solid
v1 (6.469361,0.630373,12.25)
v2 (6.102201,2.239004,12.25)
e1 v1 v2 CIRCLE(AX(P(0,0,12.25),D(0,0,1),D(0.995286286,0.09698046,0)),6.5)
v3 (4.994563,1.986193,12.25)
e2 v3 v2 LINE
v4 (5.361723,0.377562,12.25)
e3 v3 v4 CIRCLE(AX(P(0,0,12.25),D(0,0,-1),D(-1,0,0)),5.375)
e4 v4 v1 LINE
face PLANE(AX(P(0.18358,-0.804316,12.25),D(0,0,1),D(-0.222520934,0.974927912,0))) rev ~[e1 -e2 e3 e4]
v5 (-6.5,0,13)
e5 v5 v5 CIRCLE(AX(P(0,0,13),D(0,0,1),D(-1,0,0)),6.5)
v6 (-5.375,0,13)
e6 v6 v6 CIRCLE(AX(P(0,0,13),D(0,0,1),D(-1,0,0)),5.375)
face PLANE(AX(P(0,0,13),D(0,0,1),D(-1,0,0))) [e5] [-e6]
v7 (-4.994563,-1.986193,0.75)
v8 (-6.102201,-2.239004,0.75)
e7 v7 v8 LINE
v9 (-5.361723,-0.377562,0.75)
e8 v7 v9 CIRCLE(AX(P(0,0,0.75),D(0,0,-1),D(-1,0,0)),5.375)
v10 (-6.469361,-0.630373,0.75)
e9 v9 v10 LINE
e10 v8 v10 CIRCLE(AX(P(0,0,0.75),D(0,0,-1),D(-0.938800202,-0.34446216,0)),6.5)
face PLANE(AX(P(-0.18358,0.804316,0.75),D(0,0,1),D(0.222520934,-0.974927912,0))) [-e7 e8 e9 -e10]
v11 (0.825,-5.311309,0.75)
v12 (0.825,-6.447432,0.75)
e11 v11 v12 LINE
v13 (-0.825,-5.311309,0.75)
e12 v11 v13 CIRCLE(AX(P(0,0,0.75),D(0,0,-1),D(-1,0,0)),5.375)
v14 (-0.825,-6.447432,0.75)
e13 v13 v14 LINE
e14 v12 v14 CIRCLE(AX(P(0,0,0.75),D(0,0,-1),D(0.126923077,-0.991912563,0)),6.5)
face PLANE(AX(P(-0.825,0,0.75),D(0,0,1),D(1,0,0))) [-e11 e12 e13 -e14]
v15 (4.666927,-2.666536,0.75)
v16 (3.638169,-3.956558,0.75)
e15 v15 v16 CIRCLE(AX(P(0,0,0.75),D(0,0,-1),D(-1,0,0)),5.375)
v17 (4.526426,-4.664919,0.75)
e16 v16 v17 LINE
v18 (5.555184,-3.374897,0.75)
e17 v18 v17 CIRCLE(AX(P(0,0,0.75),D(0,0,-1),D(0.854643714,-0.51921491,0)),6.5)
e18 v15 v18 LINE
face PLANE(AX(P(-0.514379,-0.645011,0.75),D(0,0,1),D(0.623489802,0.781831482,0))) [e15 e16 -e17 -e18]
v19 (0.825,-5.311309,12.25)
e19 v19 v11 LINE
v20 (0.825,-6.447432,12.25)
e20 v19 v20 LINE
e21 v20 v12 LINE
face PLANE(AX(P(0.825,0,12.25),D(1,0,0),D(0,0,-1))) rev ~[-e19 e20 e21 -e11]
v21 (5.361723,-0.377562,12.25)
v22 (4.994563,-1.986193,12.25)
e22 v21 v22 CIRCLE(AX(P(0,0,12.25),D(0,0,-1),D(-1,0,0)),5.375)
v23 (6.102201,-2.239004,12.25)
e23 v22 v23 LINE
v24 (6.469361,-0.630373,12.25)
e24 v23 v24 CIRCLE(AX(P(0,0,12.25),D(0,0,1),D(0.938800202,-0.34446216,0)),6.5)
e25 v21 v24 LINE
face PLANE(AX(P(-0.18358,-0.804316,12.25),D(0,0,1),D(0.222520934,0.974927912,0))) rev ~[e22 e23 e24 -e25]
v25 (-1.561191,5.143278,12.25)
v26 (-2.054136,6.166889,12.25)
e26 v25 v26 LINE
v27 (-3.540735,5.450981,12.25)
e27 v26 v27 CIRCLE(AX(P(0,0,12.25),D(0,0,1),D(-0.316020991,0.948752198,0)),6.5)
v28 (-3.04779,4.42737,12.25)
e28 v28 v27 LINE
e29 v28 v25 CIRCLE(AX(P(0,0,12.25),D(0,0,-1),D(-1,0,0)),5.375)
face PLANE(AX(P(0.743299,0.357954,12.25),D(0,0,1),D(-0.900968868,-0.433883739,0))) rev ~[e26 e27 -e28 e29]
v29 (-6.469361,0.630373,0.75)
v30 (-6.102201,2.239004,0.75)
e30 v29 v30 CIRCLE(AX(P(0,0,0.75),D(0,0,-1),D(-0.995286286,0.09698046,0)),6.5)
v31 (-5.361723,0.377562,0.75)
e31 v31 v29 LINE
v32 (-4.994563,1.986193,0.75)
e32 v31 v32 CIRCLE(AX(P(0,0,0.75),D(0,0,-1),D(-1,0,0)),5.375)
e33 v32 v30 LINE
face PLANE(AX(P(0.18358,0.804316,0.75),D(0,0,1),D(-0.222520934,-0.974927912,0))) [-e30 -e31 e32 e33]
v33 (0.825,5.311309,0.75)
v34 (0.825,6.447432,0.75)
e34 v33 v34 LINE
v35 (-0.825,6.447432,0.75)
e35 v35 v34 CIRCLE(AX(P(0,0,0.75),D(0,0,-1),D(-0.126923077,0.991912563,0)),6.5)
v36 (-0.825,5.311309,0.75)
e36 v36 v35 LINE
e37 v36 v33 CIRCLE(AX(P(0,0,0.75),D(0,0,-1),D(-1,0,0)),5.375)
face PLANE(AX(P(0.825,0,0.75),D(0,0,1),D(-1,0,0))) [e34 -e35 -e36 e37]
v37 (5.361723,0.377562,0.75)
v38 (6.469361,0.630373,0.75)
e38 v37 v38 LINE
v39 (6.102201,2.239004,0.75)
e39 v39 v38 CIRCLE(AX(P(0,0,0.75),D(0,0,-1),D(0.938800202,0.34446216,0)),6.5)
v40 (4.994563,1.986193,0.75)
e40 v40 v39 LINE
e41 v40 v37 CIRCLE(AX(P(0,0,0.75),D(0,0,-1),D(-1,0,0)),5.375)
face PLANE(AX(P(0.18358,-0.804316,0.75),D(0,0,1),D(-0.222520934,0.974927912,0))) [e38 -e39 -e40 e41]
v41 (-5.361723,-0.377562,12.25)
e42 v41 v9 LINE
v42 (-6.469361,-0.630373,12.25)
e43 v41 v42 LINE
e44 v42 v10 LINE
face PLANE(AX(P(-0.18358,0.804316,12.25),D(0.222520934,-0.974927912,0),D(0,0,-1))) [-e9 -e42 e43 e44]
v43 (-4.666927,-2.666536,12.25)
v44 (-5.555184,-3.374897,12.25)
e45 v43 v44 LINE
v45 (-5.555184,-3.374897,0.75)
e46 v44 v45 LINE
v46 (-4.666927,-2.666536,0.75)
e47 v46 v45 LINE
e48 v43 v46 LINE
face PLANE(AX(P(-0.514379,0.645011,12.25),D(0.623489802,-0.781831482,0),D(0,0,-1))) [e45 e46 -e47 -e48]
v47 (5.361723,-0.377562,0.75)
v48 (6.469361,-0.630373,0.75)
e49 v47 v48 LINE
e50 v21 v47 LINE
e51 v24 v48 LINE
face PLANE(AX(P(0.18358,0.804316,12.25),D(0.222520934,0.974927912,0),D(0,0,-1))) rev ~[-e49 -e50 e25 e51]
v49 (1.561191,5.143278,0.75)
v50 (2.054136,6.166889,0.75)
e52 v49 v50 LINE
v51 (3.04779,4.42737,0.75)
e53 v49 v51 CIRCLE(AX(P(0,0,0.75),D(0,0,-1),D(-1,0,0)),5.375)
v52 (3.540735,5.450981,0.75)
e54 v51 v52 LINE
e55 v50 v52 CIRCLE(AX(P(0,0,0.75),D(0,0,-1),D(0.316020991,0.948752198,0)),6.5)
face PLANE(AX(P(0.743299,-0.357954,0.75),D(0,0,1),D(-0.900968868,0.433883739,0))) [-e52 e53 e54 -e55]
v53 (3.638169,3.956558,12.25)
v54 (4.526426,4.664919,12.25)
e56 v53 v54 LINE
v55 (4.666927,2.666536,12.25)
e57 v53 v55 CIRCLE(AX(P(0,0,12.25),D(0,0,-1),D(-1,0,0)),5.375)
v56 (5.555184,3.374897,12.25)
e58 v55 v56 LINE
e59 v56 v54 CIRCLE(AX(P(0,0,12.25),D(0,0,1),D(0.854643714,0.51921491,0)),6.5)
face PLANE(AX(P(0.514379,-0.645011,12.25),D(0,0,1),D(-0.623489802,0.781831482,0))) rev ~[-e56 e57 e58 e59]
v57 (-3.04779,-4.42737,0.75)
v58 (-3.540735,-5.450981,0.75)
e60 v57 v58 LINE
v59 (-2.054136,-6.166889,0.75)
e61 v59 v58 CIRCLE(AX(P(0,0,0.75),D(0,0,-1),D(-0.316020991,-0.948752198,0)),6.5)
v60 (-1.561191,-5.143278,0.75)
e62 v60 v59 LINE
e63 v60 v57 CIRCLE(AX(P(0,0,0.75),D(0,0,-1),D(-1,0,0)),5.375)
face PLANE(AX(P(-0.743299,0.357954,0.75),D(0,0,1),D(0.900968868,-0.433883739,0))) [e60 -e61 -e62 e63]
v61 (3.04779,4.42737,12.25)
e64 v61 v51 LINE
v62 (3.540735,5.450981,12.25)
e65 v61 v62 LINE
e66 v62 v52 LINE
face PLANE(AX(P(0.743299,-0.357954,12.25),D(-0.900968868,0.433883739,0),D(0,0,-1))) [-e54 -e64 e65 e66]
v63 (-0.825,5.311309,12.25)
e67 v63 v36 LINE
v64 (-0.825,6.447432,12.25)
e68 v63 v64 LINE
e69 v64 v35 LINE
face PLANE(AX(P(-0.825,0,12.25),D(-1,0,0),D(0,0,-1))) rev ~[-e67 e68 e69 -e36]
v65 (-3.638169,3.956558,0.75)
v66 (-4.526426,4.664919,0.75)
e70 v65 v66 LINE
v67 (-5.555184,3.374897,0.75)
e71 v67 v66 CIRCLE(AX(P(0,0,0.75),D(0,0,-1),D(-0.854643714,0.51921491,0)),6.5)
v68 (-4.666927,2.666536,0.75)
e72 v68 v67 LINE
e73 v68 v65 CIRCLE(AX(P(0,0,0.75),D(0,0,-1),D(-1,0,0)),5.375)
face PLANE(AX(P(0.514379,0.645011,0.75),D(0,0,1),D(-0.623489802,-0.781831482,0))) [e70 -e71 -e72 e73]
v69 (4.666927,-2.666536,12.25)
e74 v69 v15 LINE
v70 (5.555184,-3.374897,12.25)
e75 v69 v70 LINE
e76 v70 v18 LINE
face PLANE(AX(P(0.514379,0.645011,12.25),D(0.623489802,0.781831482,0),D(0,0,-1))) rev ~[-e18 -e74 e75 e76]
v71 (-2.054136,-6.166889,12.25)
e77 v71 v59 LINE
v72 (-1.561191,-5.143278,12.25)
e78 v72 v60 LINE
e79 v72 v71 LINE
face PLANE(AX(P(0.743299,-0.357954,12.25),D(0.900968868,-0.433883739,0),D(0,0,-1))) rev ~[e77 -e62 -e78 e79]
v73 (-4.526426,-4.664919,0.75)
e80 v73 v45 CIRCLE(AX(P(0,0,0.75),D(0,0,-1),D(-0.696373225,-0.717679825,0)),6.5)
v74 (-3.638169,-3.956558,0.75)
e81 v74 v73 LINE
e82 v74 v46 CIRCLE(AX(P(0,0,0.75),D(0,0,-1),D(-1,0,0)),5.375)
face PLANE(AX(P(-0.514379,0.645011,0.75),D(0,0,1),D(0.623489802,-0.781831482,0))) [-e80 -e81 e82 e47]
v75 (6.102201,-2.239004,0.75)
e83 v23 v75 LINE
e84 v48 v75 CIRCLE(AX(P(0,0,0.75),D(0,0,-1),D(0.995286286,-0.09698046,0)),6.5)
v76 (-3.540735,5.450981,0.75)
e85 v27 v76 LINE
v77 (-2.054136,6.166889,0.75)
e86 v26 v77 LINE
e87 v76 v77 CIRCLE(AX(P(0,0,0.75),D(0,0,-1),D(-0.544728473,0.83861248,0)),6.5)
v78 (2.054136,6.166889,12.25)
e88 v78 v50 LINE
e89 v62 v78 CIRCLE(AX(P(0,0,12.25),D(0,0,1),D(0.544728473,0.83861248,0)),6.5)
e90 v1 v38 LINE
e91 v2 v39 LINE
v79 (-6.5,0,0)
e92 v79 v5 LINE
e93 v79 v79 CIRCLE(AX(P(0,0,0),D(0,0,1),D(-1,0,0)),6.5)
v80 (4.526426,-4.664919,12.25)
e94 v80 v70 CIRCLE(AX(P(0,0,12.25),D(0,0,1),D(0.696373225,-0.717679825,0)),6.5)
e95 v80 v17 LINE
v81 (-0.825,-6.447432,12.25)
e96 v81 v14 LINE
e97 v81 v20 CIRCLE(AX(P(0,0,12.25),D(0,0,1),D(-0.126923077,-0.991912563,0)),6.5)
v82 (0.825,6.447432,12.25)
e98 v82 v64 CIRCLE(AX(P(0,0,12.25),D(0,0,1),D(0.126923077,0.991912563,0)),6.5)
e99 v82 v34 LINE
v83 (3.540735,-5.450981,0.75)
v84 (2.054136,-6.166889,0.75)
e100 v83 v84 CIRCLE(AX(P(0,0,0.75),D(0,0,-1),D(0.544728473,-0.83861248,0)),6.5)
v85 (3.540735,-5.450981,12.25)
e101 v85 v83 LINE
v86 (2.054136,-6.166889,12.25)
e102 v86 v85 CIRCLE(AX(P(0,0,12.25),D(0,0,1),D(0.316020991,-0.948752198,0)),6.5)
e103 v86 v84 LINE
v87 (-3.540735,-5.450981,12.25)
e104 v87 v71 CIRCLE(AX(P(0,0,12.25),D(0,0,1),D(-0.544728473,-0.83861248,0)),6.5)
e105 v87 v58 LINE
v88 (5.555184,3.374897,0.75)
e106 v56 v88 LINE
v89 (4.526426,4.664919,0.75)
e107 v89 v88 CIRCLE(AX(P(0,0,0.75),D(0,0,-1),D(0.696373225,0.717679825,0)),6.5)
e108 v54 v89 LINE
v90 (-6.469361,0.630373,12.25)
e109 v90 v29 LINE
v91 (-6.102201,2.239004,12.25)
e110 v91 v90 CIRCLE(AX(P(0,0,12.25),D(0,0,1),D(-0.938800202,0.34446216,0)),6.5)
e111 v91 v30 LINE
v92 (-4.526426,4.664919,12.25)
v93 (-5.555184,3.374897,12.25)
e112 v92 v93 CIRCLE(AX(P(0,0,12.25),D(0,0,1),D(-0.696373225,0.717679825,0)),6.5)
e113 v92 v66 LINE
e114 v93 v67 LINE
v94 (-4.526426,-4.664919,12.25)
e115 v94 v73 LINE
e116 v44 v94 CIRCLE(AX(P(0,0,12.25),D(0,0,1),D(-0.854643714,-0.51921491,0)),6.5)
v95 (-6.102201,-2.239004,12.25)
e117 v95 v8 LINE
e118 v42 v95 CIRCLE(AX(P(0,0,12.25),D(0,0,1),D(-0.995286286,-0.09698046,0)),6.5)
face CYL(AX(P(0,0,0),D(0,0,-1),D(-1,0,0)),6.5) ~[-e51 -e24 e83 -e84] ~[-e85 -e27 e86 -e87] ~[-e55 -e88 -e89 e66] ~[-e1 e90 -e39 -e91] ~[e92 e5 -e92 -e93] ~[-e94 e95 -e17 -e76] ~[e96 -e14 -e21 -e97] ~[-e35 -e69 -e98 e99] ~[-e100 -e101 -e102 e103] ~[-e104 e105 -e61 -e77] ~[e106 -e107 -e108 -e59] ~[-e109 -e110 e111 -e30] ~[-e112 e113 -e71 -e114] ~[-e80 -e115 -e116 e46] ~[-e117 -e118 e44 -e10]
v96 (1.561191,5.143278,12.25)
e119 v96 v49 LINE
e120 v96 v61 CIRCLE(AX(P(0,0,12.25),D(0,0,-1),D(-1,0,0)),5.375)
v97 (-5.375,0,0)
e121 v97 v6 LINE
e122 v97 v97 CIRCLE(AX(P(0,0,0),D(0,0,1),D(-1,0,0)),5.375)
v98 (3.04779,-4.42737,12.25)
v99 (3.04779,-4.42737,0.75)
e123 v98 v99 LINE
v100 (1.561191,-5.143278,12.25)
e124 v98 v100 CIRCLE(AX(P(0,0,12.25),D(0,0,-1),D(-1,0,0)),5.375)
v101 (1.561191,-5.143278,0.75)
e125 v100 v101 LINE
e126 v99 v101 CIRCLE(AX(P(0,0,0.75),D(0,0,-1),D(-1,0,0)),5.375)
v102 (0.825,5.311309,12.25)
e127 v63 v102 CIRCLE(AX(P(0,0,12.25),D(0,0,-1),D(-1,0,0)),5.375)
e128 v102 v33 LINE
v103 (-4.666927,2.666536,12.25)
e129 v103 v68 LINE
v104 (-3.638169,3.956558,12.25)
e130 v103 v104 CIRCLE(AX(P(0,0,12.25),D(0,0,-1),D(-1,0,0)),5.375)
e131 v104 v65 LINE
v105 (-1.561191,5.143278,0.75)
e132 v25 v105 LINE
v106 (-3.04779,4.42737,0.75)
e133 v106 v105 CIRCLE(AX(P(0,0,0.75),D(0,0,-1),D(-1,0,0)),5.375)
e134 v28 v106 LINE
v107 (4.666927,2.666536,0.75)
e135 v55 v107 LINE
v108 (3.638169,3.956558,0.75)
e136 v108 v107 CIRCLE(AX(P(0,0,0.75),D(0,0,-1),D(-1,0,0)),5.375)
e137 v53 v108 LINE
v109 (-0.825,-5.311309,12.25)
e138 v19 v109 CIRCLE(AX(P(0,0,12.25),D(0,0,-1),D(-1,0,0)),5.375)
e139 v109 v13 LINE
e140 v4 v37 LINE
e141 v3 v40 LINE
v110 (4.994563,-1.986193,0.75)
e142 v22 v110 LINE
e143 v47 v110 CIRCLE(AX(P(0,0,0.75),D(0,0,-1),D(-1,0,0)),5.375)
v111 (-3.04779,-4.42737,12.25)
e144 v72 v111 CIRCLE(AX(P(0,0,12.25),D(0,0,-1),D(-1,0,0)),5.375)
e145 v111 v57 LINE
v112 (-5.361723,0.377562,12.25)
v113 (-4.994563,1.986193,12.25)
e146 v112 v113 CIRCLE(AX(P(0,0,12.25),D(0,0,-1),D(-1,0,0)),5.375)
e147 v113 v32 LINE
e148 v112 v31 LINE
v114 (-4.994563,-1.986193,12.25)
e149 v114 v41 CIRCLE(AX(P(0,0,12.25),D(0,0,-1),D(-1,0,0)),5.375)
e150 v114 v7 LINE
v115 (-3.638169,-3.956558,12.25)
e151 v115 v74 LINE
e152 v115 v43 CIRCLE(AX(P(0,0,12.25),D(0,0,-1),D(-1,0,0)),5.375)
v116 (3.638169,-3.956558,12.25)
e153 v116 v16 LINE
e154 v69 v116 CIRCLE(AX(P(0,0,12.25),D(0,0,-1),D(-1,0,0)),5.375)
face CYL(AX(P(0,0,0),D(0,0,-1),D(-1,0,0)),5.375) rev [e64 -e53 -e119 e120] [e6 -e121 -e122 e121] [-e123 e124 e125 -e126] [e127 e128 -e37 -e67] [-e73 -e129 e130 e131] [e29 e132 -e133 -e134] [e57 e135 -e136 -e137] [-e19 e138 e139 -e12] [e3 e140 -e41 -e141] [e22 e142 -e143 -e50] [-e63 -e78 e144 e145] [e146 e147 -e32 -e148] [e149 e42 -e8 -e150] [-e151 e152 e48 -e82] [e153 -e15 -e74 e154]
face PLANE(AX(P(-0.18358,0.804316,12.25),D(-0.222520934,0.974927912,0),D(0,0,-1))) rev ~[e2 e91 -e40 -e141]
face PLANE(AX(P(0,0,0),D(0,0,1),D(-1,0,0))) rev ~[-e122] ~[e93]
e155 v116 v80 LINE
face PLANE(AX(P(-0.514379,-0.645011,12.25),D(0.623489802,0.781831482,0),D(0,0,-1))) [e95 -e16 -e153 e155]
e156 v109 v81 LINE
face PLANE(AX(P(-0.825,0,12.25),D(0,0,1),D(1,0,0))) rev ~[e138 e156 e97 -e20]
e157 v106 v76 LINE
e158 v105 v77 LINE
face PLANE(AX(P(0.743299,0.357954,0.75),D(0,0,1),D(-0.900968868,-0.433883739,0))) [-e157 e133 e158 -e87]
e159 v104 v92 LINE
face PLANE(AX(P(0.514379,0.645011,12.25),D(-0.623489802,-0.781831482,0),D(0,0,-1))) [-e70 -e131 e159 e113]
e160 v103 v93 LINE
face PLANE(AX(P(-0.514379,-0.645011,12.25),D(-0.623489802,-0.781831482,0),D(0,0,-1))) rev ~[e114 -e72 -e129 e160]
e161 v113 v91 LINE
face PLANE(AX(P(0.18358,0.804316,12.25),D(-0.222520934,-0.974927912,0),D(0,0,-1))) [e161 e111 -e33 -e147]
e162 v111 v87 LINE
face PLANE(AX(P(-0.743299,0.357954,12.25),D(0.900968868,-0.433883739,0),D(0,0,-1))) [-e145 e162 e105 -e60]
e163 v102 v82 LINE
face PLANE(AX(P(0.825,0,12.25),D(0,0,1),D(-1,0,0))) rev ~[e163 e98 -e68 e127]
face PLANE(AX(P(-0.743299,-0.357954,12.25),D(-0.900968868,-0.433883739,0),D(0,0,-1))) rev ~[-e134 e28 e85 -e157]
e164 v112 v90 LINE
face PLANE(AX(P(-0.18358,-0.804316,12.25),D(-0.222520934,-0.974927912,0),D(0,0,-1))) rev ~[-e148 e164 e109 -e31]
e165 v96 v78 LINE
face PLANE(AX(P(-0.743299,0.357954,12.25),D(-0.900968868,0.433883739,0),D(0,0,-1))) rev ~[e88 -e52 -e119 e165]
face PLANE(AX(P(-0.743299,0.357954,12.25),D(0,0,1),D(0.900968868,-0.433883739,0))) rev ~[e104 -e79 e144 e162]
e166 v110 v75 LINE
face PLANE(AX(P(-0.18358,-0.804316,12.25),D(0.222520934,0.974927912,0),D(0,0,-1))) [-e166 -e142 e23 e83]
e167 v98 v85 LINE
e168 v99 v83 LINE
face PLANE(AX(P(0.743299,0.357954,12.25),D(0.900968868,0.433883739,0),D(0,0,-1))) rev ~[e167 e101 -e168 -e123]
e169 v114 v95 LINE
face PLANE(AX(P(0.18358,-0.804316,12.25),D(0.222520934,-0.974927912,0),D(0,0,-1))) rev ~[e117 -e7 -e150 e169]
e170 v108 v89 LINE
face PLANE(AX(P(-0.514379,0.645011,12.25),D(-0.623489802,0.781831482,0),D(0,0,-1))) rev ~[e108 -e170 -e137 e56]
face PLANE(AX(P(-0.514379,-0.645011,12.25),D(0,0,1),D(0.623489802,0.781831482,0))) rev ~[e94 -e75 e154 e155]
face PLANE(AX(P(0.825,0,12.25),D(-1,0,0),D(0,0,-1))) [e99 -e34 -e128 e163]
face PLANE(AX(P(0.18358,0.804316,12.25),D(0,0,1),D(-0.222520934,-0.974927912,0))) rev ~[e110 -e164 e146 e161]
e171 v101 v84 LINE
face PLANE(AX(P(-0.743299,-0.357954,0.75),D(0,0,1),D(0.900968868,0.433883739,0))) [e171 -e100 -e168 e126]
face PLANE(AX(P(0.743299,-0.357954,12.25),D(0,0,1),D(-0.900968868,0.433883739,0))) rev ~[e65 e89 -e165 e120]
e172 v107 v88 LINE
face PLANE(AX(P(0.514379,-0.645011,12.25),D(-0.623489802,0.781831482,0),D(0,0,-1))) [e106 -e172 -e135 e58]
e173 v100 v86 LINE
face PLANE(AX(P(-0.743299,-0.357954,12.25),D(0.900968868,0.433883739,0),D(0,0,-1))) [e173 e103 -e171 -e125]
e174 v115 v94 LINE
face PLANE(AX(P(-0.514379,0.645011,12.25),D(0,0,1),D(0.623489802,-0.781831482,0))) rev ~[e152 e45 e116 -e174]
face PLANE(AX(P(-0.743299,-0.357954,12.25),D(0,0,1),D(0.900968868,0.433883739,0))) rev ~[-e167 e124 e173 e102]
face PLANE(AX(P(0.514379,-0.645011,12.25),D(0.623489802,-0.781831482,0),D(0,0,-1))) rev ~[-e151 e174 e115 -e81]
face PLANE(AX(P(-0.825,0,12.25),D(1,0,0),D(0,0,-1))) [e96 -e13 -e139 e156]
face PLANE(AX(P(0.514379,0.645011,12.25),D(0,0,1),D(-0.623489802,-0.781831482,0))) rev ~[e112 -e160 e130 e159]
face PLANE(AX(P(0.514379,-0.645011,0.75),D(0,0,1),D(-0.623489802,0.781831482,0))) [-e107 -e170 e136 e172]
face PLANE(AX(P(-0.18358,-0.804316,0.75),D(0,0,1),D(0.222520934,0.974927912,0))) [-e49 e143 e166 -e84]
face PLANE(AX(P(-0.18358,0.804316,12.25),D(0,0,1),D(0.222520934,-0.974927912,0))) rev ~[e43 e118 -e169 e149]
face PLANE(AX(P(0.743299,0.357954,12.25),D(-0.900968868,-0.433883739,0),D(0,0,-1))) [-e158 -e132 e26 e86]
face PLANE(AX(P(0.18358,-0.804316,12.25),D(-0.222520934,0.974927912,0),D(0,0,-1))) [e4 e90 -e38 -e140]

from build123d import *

# Parameters (mm, degrees)
SKETCH_1_R               = 6.5
SKETCH_1_R_2             = 5.375
EXTRUDE_1_DEPTH          = 13
SKETCH_2_W               = 1.65
SKETCH_2_H               = 11.5
CUT_EXTRUDE_1_DEPTH      = 6.5
PATTERN_CIRCULAR_1_COUNT = 14


with BuildPart() as part:
    # Эскиз1 → Бобышка-Вытянуть1 (new body)
    with BuildSketch(Plane.XY):
        with Locations(Location((0, 0, 0), (0, 0, 180))):
            Circle(SKETCH_1_R)
        with Locations(Location((0, 0, 0), (0, 0, 180))):
            Circle(SKETCH_1_R_2, mode=Mode.SUBTRACT)
    extrude(amount=EXTRUDE_1_DEPTH)

    # Эскиз2 → Вырез-Вытянуть1 (cut)
    with BuildSketch(Plane(origin=(0, 0, 0), x_dir=(1, 0, 0), z_dir=(0, 1, 0))):
        with Locations((0, -6.5)):
            Rectangle(SKETCH_2_W, SKETCH_2_H)
    cut_extrude_1 = extrude(amount=-CUT_EXTRUDE_1_DEPTH, mode=Mode.SUBTRACT)

    # Круговой массив1: Вырез-Вытянуть1 ×14 about axis
    pattern_circular_1_axis = Axis((0, 0, 0), (0, 0, 1))
    for i in range(1, PATTERN_CIRCULAR_1_COUNT):
        add(cut_extrude_1.rotate(pattern_circular_1_axis, i * 360 / PATTERN_CIRCULAR_1_COUNT), mode=Mode.SUBTRACT)


solid = part.part
